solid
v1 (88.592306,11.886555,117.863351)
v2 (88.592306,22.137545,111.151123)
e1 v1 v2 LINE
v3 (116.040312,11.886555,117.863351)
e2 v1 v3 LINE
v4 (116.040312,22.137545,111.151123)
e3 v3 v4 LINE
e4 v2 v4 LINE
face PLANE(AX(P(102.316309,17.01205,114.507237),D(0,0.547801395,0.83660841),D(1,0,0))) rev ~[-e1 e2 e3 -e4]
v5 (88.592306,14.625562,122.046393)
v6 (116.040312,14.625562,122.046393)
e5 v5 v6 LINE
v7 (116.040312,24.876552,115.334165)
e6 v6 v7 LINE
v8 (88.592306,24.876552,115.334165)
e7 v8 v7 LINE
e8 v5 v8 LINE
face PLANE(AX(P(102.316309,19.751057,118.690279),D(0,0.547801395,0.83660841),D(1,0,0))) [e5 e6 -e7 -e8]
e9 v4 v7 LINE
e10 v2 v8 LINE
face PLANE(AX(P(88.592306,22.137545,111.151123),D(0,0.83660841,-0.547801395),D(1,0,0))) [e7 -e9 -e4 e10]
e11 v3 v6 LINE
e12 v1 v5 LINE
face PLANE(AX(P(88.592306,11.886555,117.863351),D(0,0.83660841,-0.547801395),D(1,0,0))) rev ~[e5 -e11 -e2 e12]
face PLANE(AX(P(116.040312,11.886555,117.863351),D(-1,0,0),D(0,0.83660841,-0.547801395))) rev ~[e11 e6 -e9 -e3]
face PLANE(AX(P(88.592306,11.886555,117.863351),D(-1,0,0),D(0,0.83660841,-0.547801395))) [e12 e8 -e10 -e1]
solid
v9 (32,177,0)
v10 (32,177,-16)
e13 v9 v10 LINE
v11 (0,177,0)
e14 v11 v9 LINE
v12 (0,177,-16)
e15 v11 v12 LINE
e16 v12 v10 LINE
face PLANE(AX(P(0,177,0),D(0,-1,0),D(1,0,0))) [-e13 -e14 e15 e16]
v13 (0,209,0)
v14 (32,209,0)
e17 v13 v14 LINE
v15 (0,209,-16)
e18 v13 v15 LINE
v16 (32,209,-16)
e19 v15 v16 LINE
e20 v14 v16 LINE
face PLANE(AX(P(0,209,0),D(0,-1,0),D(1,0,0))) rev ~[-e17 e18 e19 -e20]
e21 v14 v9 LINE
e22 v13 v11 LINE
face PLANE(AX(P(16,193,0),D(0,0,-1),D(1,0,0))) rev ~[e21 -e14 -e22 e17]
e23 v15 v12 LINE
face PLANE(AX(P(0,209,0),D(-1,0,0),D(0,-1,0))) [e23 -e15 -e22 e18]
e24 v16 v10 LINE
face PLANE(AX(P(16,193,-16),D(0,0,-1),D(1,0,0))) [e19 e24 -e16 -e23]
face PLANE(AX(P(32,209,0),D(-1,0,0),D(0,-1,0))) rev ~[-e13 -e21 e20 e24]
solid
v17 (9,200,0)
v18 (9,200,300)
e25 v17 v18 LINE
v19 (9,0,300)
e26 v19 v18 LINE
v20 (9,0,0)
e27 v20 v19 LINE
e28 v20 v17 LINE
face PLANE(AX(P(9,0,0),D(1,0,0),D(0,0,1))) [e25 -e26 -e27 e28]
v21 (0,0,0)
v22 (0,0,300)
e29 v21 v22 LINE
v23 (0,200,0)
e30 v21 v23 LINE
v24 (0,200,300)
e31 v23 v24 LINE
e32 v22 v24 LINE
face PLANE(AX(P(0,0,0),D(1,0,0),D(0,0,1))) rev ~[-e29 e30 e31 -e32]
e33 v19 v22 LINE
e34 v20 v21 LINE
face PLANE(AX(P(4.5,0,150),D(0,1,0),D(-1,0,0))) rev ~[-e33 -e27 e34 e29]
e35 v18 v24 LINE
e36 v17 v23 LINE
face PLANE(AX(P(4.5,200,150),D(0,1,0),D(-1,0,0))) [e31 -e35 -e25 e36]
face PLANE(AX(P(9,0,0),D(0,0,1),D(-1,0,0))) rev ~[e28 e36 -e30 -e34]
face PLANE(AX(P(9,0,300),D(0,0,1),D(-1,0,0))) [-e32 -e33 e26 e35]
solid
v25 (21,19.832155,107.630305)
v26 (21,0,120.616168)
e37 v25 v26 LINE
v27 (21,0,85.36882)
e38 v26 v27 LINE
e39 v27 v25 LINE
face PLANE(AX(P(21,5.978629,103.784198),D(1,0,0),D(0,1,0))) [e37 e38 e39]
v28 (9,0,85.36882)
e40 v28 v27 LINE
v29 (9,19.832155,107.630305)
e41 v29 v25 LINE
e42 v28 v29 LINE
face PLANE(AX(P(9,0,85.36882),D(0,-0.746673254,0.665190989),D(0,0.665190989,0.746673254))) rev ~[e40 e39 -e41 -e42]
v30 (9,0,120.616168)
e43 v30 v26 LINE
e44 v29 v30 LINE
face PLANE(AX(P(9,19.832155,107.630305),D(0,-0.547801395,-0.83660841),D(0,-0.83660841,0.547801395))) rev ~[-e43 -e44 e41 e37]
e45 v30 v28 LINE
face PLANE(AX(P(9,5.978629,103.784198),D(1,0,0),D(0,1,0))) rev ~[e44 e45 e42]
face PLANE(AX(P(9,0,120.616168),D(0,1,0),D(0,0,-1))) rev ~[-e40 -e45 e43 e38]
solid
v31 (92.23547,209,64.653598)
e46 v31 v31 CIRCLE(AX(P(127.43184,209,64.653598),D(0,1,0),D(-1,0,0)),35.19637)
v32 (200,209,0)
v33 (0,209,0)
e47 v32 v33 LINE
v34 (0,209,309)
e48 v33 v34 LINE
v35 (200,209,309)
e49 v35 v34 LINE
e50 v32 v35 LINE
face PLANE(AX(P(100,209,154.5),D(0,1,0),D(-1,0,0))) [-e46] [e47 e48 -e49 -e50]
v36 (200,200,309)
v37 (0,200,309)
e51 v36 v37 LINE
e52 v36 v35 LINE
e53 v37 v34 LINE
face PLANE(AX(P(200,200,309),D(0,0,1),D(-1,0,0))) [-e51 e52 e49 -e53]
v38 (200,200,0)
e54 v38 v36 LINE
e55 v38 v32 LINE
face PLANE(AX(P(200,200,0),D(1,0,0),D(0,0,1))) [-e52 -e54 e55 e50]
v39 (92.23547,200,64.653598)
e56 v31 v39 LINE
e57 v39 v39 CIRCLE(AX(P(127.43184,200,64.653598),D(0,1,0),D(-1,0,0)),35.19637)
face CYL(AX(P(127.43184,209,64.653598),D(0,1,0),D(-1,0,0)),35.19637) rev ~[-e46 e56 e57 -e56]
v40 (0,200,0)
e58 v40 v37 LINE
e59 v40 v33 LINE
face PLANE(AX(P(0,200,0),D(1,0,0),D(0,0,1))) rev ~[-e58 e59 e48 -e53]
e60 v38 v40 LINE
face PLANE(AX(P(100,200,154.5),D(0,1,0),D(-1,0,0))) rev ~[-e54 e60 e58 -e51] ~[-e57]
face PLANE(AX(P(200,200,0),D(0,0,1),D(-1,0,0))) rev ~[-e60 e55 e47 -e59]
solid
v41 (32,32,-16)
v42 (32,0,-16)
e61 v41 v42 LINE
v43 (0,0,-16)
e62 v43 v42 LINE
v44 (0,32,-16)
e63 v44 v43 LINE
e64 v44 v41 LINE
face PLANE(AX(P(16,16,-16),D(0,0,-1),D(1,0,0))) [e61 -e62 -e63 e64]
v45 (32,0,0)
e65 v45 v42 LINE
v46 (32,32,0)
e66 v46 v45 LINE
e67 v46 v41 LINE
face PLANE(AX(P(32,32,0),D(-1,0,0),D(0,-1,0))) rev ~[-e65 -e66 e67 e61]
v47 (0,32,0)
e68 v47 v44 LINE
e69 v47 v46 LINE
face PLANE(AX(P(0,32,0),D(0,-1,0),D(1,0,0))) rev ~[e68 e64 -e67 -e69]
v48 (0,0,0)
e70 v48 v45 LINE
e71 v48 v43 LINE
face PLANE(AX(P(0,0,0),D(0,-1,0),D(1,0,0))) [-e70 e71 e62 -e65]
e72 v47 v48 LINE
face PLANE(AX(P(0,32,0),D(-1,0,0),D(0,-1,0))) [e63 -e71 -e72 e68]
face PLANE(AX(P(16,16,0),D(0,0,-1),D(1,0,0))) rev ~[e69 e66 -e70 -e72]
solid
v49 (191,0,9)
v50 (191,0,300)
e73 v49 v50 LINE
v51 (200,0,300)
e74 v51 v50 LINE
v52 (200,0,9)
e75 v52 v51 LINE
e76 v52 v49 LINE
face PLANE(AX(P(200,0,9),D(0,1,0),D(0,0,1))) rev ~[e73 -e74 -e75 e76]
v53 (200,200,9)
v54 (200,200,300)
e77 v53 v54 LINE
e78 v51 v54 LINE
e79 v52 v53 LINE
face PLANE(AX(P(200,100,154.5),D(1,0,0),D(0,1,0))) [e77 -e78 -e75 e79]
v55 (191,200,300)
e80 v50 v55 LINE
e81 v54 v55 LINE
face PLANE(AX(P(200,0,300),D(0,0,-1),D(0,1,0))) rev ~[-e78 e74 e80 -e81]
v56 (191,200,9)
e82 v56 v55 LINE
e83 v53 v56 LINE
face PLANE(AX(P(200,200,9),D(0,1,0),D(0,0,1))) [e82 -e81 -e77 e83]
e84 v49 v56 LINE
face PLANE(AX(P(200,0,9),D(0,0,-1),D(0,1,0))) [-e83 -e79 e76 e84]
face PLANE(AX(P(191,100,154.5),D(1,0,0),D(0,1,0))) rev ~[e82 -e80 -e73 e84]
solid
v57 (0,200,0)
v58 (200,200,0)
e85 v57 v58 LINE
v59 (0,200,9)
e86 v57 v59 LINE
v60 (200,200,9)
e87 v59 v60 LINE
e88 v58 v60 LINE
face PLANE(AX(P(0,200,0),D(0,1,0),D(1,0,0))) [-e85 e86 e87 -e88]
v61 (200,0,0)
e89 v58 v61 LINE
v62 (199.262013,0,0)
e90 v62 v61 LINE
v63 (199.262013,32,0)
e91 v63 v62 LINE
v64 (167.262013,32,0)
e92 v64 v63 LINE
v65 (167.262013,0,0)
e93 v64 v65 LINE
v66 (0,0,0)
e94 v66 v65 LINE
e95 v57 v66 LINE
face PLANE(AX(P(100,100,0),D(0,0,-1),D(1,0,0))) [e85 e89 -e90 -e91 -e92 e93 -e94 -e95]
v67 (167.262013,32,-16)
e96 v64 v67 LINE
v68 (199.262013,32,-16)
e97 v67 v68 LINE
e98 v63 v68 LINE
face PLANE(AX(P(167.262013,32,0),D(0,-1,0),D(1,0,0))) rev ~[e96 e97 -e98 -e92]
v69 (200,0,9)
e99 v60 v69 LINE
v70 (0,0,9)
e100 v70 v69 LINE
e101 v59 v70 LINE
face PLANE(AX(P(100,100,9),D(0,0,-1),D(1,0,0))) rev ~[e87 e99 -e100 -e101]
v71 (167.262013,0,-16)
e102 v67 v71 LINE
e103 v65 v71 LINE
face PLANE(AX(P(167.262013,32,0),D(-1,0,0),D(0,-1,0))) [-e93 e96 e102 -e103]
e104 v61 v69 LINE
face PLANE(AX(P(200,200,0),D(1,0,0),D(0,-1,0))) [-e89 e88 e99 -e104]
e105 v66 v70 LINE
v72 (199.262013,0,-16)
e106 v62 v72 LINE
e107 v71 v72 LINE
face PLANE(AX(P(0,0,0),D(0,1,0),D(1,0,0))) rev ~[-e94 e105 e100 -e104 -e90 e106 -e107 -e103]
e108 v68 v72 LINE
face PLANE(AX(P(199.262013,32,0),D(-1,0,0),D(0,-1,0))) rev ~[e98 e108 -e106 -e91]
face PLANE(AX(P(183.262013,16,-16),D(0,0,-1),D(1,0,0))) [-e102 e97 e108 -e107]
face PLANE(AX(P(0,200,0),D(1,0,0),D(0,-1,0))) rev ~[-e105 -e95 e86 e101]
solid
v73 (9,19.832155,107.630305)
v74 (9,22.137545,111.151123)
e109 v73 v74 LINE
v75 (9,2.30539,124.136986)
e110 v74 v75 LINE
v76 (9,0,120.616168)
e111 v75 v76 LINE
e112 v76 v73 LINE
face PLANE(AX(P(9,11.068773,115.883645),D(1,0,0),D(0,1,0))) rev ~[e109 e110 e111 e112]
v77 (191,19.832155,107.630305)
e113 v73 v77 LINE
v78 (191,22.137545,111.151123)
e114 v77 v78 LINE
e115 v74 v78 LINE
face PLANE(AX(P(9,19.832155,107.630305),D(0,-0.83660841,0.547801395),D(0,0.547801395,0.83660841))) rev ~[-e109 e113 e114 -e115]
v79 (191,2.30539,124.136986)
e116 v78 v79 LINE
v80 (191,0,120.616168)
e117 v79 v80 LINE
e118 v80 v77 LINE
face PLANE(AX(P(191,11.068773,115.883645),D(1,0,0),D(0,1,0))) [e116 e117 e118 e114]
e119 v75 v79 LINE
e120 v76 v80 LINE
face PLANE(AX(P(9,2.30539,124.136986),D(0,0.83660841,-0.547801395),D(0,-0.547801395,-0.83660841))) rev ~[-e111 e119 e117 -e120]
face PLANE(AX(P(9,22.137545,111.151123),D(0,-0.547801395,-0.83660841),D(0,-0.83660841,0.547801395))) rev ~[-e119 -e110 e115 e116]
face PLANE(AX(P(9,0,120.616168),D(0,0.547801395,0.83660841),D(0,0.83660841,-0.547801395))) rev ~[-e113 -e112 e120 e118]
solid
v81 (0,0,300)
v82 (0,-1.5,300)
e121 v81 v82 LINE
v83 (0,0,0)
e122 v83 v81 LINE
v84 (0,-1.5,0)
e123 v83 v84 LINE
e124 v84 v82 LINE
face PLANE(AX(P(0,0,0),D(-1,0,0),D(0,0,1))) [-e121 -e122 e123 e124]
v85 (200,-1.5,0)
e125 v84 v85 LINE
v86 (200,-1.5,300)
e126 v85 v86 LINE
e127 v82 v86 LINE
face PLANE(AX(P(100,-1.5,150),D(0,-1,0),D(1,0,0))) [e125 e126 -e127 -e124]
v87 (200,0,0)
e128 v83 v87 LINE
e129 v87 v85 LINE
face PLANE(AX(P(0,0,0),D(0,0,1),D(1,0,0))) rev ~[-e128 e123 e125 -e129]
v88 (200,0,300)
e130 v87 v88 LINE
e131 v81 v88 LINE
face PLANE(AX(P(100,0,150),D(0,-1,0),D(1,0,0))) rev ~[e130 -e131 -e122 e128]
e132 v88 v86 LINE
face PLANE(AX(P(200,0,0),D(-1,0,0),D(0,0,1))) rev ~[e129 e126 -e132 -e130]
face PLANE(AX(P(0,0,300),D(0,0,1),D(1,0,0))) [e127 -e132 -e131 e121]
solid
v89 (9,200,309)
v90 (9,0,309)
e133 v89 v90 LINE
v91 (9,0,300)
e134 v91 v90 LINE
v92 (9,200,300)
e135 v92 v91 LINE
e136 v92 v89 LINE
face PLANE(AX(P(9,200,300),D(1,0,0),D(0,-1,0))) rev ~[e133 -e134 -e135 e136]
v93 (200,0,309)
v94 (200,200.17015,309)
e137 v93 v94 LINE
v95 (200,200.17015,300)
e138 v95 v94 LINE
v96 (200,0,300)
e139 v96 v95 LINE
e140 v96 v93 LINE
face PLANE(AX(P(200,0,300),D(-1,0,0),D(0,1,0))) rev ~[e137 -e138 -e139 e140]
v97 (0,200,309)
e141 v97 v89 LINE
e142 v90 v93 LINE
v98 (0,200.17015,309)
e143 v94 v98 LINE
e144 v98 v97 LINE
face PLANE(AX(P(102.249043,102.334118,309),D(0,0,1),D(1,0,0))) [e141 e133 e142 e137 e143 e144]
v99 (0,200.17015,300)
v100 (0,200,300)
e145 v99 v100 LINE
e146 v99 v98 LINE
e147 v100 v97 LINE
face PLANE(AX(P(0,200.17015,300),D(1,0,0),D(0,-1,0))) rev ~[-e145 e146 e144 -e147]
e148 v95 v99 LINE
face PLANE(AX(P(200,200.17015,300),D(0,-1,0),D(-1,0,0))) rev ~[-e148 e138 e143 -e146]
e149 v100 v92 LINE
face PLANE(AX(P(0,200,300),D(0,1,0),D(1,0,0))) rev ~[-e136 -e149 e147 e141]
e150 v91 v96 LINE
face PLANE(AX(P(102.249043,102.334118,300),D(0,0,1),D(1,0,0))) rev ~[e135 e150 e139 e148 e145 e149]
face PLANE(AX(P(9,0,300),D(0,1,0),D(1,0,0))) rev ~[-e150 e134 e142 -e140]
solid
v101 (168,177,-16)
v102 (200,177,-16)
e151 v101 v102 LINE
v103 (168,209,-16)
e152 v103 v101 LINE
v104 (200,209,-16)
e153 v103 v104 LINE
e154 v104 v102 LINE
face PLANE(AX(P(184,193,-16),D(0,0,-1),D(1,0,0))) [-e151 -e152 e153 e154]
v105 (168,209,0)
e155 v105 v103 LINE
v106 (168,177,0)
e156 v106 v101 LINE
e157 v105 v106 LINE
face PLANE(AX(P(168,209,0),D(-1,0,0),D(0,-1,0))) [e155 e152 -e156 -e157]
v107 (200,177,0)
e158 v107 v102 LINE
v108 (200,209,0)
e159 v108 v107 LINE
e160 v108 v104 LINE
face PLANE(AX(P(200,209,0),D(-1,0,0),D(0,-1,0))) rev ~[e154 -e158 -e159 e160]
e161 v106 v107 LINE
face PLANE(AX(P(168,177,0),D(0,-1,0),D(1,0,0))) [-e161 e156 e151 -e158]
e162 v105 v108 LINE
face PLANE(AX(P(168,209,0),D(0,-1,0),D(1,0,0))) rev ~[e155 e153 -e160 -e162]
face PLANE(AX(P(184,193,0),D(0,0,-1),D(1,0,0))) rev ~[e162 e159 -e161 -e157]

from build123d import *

# Parameters (mm, degrees)
F0_W      = 200
F0_H      = 300
F1_DEPTH  = 1.5
F2_W      = 9
F2_H      = 300
F3_DEPTH  = 200
F5_DEPTH  = 12
F7_DEPTH  = 182
F8_W      = 27.4480059743
F8_H      = 12.2530327478
F9_DEPTH  = 5
F10_W     = 200
F10_H     = 200
F11_DEPTH = 9
F12_W     = 200
F12_H     = 291
F13_DEPTH = 9
F15_DEPTH = 9
F16_W     = 200
F16_H     = 309
F17_DEPTH = 9
F18_W     = 32
F18_H     = 32
F19_DEPTH = 16
F20_W     = 32
F20_H     = 32
F21_DEPTH = 16
F22_W     = 32
F22_H     = 32
F23_DEPTH = 16
F24_W     = 32
F24_H     = 32
F25_DEPTH = 16
F26_R     = 35.1963697209
F27_DEPTH = 9


with BuildPart() as f1:
    # F0 (on Front) → F1 (new body)
    with BuildSketch(Plane.XZ):
        with Locations((100, 150)):
            Rectangle(F0_W, F0_H)
    extrude(amount=F1_DEPTH)


with BuildPart() as f3:
    # F2 (on face) → F3 (new body)
    with BuildSketch(Plane(origin=(0, 0, 0), x_dir=(-1, 0, 0), z_dir=(0, 1, 0))):
        with Locations((-4.5, 150)):
            Rectangle(F2_W, F2_H)
    extrude(amount=F3_DEPTH)


with BuildPart() as f5:
    # F4 (on face) → F5 (new body)
    with BuildSketch(Plane.YZ.offset(9)):
        Polygon((19.8321547359, 107.6303049922), (0, 120.6161677837), (0, 85.3688195348), align=None)
    extrude(amount=F5_DEPTH)


with BuildPart() as f7:
    # F6 (on face) → F7 (new body)
    with BuildSketch(Plane.YZ.offset(9)):
        Polygon((0, 120.6161677837), (19.8321547359, 107.6303049922), (22.1375450676, 111.151122863), (2.3053903316, 124.1369856545), align=None)
    extrude(amount=F7_DEPTH)


with BuildPart() as f9:
    # F8 (on face) → F9 (new body)
    with BuildSketch(Plane(origin=(0, 57.5832075724, 87.9417179358), x_dir=(1, 0, 0), z_dir=(0, 0.5478013947, 0.8366084102))):
        with Locations((102.3163087666, -48.4948001187)):
            Rectangle(F8_W, F8_H)
    extrude(amount=F9_DEPTH)


with BuildPart() as f11:
    # F10 (on face) → F11 (new body)
    with BuildSketch(Plane(origin=(0, 0, 0), x_dir=(1, 0, 0), z_dir=(0, 0, -1))):
        with Locations((100, -100)):
            Rectangle(F10_W, F10_H)
    extrude(amount=-F11_DEPTH)

    # F20 (on face) → F21 (join)
    with BuildSketch(Plane(origin=(0, 0, 0), x_dir=(1, 0, 0), z_dir=(0, 0, -1))):
        with Locations((183.2620132922, -16)):
            Rectangle(F20_W, F20_H)
    extrude(amount=F21_DEPTH)


with BuildPart() as f13:
    # F12 (on face) → F13 (new body)
    with BuildSketch(Plane.YZ.offset(200)):
        with Locations((100, 154.5)):
            Rectangle(F12_W, F12_H)
    extrude(amount=-F13_DEPTH)


with BuildPart() as f15:
    # F14 (on face) → F15 (new body)
    with BuildSketch(Plane.XY.offset(300)):
        Polygon((9, 200), (9, 0), (200, 0), (200, 200.1701496304), (0, 200.1701496304), (0, 200), align=None)
    extrude(amount=F15_DEPTH)


with BuildPart() as f17:
    # F16 (on face) → F17 (new body)
    with BuildSketch(Plane(origin=(0, 200, 0), x_dir=(-1, 0, 0), z_dir=(0, 1, 0))):
        with Locations((-100, 154.5)):
            Rectangle(F16_W, F16_H)
    extrude(amount=F17_DEPTH)

    # F26 (on face) → F27 (cut)
    with BuildSketch(Plane(origin=(0, 209, 0), x_dir=(-1, 0, 0), z_dir=(0, 1, 0))):
        with Locations((-127.4318397045, 64.6535977721)):
            Circle(F26_R)
    extrude(amount=-F27_DEPTH, mode=Mode.SUBTRACT)


with BuildPart() as f19:
    # F18 (on face) → F19 (new body)
    with BuildSketch(Plane(origin=(0, 0, 0), x_dir=(1, 0, 0), z_dir=(0, 0, -1))):
        with Locations((16, -16)):
            Rectangle(F18_W, F18_H)
    extrude(amount=F19_DEPTH)


with BuildPart() as f23:
    # F22 (on face) → F23 (new body)
    with BuildSketch(Plane(origin=(0, 0, 0), x_dir=(1, 0, 0), z_dir=(0, 0, -1))):
        with Locations((16, -193)):
            Rectangle(F22_W, F22_H)
    extrude(amount=F23_DEPTH)


with BuildPart() as f25:
    # F24 (on face) → F25 (new body)
    with BuildSketch(Plane(origin=(0, 0, 0), x_dir=(1, 0, 0), z_dir=(0, 0, -1))):
        with Locations((184, -193)):
            Rectangle(F24_W, F24_H)
    extrude(amount=F25_DEPTH)


solid = Compound([f1.part, f3.part, f5.part, f7.part, f9.part, f11.part, f13.part, f15.part, f17.part, f19.part, f23.part, f25.part])
